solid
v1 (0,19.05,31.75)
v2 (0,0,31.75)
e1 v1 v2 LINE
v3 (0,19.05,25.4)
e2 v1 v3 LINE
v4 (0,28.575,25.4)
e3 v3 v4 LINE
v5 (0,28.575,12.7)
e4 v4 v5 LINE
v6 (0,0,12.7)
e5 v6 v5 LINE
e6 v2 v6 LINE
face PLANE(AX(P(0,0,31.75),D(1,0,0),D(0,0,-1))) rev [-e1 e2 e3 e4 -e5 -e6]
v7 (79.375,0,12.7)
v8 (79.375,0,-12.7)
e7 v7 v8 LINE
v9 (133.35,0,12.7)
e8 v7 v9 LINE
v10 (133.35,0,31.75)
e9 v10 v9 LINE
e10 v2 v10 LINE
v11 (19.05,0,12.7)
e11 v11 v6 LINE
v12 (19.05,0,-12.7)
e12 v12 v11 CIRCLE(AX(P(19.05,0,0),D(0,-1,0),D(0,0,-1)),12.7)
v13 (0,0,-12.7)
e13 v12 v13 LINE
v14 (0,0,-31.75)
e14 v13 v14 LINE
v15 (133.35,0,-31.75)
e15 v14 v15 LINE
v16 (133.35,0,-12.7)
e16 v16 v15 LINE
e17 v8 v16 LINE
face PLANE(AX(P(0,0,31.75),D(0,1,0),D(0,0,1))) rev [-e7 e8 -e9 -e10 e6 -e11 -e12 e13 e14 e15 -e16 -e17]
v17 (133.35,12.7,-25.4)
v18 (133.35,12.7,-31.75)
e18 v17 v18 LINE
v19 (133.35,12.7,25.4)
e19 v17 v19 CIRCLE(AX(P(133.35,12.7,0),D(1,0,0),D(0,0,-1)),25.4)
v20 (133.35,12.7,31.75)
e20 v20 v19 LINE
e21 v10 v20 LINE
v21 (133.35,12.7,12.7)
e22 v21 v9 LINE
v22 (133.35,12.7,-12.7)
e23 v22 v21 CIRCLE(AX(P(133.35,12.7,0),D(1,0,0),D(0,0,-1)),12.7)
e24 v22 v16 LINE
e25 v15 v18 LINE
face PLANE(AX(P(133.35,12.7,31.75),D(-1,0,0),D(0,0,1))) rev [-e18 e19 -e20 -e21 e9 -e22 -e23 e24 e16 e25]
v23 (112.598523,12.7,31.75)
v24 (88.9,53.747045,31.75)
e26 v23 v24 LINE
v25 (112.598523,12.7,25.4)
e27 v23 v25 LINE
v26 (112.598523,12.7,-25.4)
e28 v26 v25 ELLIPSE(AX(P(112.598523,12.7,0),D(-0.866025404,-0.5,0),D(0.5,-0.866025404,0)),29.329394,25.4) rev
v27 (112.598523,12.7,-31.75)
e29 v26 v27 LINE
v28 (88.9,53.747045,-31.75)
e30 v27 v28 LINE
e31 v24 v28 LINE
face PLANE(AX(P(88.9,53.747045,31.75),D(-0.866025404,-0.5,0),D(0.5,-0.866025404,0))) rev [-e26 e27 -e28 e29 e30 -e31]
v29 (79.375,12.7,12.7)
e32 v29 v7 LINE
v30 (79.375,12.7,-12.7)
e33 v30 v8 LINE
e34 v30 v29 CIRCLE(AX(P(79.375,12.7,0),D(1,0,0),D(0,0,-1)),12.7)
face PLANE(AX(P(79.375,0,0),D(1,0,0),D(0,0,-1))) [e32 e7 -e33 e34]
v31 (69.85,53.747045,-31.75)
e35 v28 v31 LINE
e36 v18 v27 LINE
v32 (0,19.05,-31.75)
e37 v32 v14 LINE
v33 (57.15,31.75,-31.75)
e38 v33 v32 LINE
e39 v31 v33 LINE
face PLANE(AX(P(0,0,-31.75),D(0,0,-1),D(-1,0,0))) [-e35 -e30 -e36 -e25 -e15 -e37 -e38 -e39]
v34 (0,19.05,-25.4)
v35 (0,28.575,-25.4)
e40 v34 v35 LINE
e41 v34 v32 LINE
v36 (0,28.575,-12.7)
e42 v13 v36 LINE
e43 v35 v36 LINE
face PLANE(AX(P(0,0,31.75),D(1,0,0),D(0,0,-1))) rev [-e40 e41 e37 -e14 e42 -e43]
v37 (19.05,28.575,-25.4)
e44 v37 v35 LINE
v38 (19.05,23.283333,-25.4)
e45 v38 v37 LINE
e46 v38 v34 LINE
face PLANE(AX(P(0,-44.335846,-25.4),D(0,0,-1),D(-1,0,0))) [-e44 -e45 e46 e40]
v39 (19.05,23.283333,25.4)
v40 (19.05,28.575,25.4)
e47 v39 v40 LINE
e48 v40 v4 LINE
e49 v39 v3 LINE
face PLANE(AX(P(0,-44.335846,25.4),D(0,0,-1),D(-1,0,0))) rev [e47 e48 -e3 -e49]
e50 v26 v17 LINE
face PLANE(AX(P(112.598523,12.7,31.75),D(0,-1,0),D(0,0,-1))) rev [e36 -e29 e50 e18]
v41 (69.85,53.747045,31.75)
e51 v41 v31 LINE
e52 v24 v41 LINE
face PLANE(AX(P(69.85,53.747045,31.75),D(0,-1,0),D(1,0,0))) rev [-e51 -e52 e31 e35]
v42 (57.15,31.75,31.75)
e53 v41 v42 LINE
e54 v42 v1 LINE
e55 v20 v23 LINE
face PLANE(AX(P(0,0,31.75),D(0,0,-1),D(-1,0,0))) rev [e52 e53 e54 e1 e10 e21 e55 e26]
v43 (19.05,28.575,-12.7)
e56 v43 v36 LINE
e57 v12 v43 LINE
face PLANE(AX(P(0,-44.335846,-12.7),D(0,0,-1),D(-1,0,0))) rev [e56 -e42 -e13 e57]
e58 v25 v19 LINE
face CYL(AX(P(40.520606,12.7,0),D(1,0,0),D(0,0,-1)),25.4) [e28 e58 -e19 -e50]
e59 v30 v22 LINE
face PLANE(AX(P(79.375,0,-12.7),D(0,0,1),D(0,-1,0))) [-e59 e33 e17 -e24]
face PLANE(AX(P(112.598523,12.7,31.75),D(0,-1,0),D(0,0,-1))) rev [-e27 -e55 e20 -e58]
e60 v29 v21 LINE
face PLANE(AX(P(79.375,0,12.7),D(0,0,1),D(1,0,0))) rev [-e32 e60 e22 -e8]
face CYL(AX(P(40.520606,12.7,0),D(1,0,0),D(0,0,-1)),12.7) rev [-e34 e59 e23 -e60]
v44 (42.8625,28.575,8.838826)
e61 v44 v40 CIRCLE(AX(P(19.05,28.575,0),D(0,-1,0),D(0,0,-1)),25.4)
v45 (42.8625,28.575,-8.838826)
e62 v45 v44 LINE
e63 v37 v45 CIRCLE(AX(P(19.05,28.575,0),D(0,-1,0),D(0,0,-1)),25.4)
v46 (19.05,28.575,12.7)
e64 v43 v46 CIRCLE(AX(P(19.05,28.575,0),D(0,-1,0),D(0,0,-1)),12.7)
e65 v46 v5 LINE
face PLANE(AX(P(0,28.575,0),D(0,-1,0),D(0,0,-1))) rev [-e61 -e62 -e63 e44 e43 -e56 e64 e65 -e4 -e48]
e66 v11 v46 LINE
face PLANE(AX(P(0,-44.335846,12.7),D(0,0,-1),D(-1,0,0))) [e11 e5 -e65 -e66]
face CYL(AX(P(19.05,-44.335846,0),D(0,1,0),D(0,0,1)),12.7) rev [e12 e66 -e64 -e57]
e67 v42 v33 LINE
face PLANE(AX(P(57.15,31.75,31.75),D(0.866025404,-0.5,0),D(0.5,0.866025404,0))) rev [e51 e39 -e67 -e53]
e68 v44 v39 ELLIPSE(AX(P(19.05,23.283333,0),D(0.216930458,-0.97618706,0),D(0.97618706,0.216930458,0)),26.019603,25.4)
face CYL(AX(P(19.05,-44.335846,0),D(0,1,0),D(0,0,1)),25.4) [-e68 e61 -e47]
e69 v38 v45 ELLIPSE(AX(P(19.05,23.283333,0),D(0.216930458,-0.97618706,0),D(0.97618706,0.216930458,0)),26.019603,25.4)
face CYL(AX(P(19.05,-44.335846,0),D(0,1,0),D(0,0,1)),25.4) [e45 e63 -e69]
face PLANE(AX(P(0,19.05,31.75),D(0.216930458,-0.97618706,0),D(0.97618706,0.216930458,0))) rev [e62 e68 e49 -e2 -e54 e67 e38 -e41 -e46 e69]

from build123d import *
from build123d.topology import SkipClean

# Parameters (mm, degrees)
BOSS_EXTRUDE1_DEPTH = 31.75
BOSS_EXTRUDE2_REACH = 149.238
SKETCH2_W           = 12.7
SKETCH2_H           = 12.7
SKETCH2_3_W         = 12.7
SKETCH2_3_H         = 12.7
CUT_EXTRUDE1_DEPTH  = 53.975
BOSS_EXTRUDE4_REACH = 142.024
CUT_EXTRUDE2_DEPTH  = 141.024339402


with BuildPart() as part:
    # Sketch1 → Boss-Extrude1 (new, symmetric)
    with BuildSketch(Plane.XY):
        Polygon((0, 0), (133.35, 0), (133.35, 12.7), (112.598522628, 12.7), (88.9, 53.747045256), (69.85, 53.747045256), (57.15, 31.75), (0, 19.05), align=None)
    extrude(amount=BOSS_EXTRUDE1_DEPTH, both=True)

    # Boss-Extrude2: up to this plane
    boss_extrude2_end = Plane(origin=(88.9, 53.747045256, 31.75), z_dir=(-0.8660254037844364, -0.5000000000000041, 0))
    # Sketch2 → Boss-Extrude2 (add, up to the surface)
    with BuildSketch(Plane(origin=(133.35, 0, 0), x_dir=(0, 0, -1), z_dir=(1, 0, 0)), mode=Mode.PRIVATE) as boss_extrude2_sk1:
        with BuildLine():
            ThreePointArc((25.4, 12.7), (0, 38.1), (-25.4, 12.7))
            Line((-25.4, 12.7), (-12.7, 12.7))
            ThreePointArc((-12.7, 12.7), (0, 25.4), (12.7, 12.7))
            Line((12.7, 12.7), (25.4, 12.7))
        make_face()
    boss_extrude2_tool1 = split(extrude(boss_extrude2_sk1.sketch, amount=-BOSS_EXTRUDE2_REACH, mode=Mode.PRIVATE), bisect_by=boss_extrude2_end, keep=Keep.BOTH, mode=Mode.PRIVATE)
    add(boss_extrude2_tool1.solids().sort_by_distance((133.35, 13.267961, 19.05))[0])
    # Sketch2 → Boss-Extrude2 (add, up to the surface)
    with BuildSketch(Plane(origin=(133.35, 0, 0), x_dir=(0, 0, -1), z_dir=(1, 0, 0)), mode=Mode.PRIVATE) as boss_extrude2_sk2:
        with Locations((-19.05, 6.35)):
            Rectangle(SKETCH2_W, SKETCH2_H)
    boss_extrude2_tool2 = split(extrude(boss_extrude2_sk2.sketch, amount=-BOSS_EXTRUDE2_REACH, mode=Mode.PRIVATE), bisect_by=boss_extrude2_end, keep=Keep.BOTH, mode=Mode.PRIVATE)
    add(boss_extrude2_tool2.solids().sort_by_distance((133.35, 6.35, 19.05))[0])
    # Sketch2 → Boss-Extrude2 (add, up to the surface)
    with BuildSketch(Plane(origin=(133.35, 0, 0), x_dir=(0, 0, -1), z_dir=(1, 0, 0)), mode=Mode.PRIVATE) as boss_extrude2_sk3:
        with Locations((19.05, 6.35)):
            Rectangle(SKETCH2_W, SKETCH2_H)
    boss_extrude2_tool3 = split(extrude(boss_extrude2_sk3.sketch, amount=-BOSS_EXTRUDE2_REACH, mode=Mode.PRIVATE), bisect_by=boss_extrude2_end, keep=Keep.BOTH, mode=Mode.PRIVATE)
    add(boss_extrude2_tool3.solids().sort_by_distance((133.35, 6.35, -19.05))[0])

    # Sketch2<3> → Cut-Extrude1 (cut)
    with BuildSketch(Plane(origin=(133.35, 0, 0), x_dir=(0, 0, -1), z_dir=(1, 0, 0))):
        with Locations((-6.35, 6.35)):
            Rectangle(SKETCH2_3_W, SKETCH2_3_H)
        with Locations((6.35, 6.35)):
            Rectangle(SKETCH2_3_W, SKETCH2_3_H)
        with BuildLine():
            Line((-12.7, 12.7), (0, 12.7))
            Line((0, 12.7), (12.7, 12.7))
            ThreePointArc((12.7, 12.7), (0, 25.4), (-12.7, 12.7))
        make_face()
    extrude(amount=-CUT_EXTRUDE1_DEPTH, mode=Mode.SUBTRACT)

    # Boss-Extrude4: up to this face of the body (flat: up to its plane)
    boss_extrude4_end = Plane(part.part.faces().sort_by_distance((28.575, 25.4, 0))[0])
    # Sketch4 → Boss-Extrude4 (add, up to the picked face)
    with BuildSketch(Plane(origin=(0, 28.575, 0), x_dir=(-1, 0, 0), z_dir=(0, -1, 0)), mode=Mode.PRIVATE) as boss_extrude4_sk1:
        with BuildLine():
            ThreePointArc((-19.05, -12.7), (-31.75, 0), (-19.05, 12.7))
            Line((-19.05, 12.7), (0, 12.7))
            Line((0, 12.7), (0, 25.4))
            Line((0, 25.4), (-19.05, 25.4))
            ThreePointArc((-19.05, 25.4), (-44.45, 0), (-19.05, -25.4))
            Line((-19.05, -25.4), (0, -25.4))
            Line((0, -25.4), (0, -12.7))
            Line((0, -12.7), (-19.05, -12.7))
        make_face()
    boss_extrude4_tool1 = split(extrude(boss_extrude4_sk1.sketch, amount=BOSS_EXTRUDE4_REACH, mode=Mode.PRIVATE), bisect_by=boss_extrude4_end, keep=Keep.BOTH, mode=Mode.PRIVATE)
    add(boss_extrude4_tool1.solids().sort_by(Axis((32.425014, 28.575, 0), (0, -1, 0)))[0])

    # Sketch4<3> → Cut-Extrude2 (cut, through all)
    with SkipClean():  # the faces are left unmerged after this step: merging them gives an invalid solid
        with BuildSketch(Plane(origin=(0, 28.575, 0), x_dir=(-1, 0, 0), z_dir=(0, -1, 0))):
            with BuildLine():
                Line((0, -12.7), (0, 12.7))
                Line((0, 12.7), (-19.05, 12.7))
                ThreePointArc((-19.05, 12.7), (-31.75, 0), (-19.05, -12.7))
                Line((-19.05, -12.7), (0, -12.7))
            make_face()
        extrude(amount=CUT_EXTRUDE2_DEPTH, mode=Mode.SUBTRACT)


solid = part.part
